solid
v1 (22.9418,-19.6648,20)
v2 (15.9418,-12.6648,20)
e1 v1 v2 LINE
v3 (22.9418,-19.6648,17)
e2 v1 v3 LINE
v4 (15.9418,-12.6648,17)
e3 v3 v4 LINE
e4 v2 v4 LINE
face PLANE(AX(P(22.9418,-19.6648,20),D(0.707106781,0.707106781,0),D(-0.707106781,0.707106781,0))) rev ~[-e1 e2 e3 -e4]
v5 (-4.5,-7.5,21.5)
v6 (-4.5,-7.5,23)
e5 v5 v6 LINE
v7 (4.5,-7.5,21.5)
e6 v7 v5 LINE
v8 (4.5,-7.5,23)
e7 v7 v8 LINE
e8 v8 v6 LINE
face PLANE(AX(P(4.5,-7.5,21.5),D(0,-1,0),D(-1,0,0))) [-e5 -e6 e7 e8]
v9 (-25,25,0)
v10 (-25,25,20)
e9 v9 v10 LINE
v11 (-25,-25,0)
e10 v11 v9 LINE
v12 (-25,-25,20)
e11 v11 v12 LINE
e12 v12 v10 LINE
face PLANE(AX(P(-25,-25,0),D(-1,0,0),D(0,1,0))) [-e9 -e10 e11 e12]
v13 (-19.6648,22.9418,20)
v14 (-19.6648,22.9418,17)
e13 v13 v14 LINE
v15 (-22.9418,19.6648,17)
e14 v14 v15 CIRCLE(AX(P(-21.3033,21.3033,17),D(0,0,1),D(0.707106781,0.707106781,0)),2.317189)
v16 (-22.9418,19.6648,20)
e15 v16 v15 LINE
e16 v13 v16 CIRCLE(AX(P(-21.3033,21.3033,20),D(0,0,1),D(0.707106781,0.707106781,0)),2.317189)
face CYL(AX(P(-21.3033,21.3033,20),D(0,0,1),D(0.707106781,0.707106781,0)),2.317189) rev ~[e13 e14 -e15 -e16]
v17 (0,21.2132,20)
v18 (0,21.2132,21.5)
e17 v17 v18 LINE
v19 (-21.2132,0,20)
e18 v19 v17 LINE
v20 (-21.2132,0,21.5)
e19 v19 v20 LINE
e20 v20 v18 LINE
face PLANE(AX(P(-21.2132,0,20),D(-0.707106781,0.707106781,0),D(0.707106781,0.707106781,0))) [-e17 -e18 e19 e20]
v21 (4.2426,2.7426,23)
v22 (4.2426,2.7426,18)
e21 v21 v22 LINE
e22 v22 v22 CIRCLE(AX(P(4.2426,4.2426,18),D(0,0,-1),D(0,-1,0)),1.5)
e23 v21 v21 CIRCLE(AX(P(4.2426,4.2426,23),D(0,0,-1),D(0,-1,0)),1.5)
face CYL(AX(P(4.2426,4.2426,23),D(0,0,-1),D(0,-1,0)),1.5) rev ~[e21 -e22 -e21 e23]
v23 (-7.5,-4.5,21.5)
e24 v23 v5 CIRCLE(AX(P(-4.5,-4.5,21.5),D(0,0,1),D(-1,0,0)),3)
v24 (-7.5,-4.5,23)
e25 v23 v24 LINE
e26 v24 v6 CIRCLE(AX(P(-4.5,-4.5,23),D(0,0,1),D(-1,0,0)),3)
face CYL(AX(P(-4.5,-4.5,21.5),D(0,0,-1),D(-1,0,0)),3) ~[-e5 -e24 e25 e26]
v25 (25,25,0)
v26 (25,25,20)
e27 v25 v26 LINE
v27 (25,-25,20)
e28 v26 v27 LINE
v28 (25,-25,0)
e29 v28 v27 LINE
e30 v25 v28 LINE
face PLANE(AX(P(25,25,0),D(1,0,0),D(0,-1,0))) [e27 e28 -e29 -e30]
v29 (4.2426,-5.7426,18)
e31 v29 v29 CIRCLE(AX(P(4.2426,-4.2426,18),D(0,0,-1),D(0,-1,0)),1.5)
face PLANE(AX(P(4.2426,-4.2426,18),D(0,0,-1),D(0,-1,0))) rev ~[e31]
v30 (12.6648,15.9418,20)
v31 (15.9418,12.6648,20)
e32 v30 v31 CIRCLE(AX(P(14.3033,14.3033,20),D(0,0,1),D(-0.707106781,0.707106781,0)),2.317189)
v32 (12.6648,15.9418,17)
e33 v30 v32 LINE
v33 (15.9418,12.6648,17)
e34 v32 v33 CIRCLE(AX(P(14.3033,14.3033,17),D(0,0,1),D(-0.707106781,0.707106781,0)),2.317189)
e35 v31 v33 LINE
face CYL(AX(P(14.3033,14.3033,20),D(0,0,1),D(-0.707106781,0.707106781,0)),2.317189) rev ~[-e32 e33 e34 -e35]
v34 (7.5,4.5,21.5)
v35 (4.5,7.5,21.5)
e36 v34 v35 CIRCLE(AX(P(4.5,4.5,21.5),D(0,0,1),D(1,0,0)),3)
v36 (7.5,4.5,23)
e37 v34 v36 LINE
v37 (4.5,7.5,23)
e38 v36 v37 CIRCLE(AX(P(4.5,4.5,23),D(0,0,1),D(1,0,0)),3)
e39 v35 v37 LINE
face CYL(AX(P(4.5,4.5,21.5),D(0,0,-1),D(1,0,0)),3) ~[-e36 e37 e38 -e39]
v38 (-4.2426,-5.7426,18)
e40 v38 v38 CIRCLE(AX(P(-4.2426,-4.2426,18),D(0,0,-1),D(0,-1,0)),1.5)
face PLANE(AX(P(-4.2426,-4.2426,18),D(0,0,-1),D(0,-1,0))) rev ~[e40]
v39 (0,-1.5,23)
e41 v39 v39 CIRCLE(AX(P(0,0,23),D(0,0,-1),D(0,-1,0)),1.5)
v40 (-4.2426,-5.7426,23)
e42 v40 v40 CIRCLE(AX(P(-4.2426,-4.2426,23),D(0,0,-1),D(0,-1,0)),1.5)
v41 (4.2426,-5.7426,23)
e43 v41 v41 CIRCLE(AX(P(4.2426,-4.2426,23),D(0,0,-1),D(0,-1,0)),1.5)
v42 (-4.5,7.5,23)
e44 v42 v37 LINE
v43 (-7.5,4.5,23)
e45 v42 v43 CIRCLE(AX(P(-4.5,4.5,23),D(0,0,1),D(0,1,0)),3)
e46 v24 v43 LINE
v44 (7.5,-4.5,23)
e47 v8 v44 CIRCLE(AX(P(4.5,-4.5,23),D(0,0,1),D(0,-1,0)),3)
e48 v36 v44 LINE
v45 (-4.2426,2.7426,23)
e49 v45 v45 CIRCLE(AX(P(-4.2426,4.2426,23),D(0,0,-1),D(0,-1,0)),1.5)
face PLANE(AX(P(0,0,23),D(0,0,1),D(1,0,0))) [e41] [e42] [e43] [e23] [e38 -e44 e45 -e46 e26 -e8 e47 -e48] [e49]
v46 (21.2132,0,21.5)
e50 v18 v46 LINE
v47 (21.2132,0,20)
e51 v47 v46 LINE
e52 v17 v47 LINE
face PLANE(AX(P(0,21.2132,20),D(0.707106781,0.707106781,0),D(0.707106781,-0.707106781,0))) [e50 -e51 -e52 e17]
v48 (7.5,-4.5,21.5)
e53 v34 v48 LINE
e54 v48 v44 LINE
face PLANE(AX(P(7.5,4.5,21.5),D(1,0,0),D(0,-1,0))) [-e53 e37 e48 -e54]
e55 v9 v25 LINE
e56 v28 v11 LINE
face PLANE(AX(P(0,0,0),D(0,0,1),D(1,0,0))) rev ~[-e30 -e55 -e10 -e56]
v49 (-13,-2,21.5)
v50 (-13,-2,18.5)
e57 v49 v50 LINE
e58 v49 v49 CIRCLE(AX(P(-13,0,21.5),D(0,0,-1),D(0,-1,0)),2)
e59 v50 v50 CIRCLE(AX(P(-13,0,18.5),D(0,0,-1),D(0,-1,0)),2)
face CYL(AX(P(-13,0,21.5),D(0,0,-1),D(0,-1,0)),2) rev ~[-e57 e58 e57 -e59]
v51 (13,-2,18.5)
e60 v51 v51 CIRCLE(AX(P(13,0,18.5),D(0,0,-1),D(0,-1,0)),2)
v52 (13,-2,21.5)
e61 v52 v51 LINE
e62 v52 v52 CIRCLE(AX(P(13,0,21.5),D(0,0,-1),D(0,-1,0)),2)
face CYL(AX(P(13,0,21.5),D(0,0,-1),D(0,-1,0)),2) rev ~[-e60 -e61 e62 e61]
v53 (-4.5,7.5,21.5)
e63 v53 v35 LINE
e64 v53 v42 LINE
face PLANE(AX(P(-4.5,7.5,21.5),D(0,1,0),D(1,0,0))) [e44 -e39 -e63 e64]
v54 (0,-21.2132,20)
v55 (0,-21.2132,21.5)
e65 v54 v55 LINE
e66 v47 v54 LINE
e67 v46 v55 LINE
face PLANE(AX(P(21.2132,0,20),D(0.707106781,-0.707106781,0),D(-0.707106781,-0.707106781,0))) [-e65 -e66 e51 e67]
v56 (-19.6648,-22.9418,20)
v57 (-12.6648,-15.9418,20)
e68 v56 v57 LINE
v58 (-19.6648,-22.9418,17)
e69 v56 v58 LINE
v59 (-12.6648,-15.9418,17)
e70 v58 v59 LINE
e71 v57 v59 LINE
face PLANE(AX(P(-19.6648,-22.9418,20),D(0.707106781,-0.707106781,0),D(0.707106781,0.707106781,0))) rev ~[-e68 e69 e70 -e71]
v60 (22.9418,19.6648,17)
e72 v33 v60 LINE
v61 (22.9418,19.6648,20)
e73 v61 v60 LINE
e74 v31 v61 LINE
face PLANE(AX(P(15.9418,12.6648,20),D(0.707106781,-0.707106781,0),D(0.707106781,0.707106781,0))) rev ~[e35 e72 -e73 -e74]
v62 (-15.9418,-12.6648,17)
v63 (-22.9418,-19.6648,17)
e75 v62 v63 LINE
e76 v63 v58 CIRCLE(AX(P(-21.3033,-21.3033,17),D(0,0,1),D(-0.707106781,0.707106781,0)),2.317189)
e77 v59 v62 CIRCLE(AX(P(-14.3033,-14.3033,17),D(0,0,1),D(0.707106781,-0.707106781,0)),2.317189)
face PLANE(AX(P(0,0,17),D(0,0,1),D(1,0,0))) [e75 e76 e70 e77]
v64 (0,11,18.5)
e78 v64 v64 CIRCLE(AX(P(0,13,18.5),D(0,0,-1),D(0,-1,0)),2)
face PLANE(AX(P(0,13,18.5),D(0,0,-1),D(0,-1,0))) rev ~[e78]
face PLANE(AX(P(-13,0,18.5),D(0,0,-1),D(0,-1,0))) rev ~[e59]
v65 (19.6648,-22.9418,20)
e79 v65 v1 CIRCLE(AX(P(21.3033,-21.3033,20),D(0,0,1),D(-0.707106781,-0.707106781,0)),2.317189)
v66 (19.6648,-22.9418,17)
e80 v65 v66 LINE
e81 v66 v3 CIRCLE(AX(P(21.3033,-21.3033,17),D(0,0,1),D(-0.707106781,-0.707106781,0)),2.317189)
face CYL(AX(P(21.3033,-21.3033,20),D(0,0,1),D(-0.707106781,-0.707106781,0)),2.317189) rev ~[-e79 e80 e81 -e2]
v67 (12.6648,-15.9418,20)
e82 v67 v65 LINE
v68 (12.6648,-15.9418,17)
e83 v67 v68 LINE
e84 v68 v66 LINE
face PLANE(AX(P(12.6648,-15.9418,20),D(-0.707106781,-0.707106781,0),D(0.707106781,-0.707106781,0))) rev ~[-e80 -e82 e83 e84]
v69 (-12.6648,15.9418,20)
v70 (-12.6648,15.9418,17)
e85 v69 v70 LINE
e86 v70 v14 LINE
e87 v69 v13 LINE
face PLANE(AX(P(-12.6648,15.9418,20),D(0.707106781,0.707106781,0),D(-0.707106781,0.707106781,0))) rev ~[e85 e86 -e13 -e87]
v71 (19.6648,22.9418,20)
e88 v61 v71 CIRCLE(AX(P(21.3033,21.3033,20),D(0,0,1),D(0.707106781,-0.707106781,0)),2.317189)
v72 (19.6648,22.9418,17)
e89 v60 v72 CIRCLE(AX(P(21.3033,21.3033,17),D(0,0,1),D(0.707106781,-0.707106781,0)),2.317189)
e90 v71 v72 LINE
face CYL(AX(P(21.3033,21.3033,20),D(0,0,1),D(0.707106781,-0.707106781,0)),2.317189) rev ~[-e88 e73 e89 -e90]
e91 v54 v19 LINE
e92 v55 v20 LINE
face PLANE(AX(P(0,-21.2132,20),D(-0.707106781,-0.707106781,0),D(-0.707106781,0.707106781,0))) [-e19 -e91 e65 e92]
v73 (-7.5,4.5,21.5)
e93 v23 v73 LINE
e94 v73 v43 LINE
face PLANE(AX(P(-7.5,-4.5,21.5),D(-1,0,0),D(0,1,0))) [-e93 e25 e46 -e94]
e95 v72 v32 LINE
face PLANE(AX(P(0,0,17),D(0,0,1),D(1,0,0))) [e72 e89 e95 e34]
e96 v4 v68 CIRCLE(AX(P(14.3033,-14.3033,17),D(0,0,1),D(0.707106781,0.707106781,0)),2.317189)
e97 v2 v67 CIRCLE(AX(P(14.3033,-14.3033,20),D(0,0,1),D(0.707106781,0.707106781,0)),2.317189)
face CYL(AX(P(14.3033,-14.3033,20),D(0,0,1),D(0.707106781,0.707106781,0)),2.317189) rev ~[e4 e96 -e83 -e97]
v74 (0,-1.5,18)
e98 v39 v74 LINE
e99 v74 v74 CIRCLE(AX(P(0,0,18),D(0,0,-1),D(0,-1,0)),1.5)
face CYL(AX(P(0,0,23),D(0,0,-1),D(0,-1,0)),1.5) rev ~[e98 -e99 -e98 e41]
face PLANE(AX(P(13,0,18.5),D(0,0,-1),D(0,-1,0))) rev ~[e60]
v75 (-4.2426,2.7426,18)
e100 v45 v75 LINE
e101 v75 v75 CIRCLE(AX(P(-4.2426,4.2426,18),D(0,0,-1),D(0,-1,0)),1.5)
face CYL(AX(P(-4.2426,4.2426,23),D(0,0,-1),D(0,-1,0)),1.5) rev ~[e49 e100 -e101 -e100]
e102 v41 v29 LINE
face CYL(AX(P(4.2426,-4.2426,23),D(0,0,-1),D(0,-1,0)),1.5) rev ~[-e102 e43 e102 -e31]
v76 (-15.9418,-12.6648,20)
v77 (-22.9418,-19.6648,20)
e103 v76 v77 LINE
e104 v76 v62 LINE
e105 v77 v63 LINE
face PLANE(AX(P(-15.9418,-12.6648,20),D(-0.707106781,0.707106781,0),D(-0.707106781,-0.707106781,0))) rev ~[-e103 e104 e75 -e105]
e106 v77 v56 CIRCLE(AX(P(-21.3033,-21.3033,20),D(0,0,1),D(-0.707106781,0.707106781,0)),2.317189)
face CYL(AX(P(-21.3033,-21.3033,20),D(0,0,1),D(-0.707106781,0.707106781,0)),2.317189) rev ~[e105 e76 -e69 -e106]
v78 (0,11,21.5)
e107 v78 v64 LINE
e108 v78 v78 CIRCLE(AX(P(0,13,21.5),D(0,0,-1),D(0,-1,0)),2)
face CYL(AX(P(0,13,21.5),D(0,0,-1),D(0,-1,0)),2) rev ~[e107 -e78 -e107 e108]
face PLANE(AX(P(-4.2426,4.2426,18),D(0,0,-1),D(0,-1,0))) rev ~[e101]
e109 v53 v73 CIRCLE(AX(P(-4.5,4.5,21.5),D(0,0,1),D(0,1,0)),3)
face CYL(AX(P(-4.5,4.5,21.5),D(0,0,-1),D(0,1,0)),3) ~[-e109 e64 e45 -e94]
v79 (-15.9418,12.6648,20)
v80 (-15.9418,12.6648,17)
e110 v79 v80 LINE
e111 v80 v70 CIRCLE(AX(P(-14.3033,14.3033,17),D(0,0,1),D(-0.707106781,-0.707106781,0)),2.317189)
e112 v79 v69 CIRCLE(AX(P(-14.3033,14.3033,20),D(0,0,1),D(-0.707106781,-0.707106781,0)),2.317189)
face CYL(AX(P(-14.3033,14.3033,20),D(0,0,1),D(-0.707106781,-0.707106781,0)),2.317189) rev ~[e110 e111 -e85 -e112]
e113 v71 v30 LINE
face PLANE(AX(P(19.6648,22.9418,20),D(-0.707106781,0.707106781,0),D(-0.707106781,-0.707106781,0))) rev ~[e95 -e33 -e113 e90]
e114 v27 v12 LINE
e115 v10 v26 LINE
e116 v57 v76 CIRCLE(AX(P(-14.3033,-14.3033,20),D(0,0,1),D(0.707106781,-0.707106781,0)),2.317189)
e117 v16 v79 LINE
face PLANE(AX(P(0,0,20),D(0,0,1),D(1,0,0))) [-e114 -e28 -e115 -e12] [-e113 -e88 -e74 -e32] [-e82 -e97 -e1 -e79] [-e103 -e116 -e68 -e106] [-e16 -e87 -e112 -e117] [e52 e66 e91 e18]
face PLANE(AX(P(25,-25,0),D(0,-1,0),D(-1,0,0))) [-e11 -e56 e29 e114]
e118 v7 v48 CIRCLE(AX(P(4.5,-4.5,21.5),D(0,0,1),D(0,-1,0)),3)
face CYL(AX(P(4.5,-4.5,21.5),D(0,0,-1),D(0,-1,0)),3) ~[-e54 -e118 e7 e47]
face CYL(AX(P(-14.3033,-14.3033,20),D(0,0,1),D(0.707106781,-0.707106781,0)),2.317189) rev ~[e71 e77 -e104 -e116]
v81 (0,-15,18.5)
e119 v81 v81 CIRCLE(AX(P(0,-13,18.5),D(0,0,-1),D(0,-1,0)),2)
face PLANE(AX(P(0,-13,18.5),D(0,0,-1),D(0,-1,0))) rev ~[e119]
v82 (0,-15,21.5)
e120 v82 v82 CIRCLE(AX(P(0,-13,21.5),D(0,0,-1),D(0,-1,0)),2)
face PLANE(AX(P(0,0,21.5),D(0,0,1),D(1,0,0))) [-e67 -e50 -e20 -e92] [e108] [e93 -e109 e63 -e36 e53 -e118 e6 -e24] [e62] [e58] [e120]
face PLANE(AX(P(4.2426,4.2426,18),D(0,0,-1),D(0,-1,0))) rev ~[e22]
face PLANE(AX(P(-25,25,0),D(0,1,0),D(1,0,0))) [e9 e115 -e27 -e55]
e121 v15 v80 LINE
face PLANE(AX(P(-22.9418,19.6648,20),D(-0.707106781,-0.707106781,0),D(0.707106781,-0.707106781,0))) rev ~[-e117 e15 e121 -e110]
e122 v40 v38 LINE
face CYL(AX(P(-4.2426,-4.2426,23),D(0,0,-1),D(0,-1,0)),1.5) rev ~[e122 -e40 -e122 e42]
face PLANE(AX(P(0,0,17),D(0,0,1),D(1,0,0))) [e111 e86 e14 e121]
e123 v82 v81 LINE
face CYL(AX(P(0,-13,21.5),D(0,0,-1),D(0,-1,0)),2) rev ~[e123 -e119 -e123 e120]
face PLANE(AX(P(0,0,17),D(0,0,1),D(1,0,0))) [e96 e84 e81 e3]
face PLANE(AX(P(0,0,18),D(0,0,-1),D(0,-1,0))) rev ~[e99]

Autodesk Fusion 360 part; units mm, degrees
sketch "Sketch1" plane through (0, 0, 0) normal (0, 0, 1) x (1, 0, 0)
  line L0 (-25, 25) -> (25, 25)
  line L1 (25, 25) -> (25, -25)
  line L2 (25, -25) -> (-25, -25)
  line L3 (-25, -25) -> (-25, 25)
  line L4 (-25, 25) -> (25, -25) construction
  line L5 (25, 25) -> (-25, -25) construction
  dimension "d1" = 50
  dimension "d2" = 50
extrude "Extrude1" add sketch "Sketch1" along normal blind 20
sketch "Sketch2" plane through (0, 0, 20) normal (0, 0, 1) x (1, 0, 0)
  line L0 (-25, -25) -> (25, -25)
  line L1 (25, -25) -> (25, 25)
  line L2 (25, 25) -> (-25, 25)
  line L3 (-25, 25) -> (-25, -25)
  line L4 (21.2132, 0) -> (0, -21.2132)
  line L5 (0, -21.2132) -> (-21.2132, 0)
  line L6 (-21.2132, 0) -> (0, 21.2132)
  line L7 (0, 21.2132) -> (21.2132, 0)
  line L8 (0, -25) -> (0, 25) construction
  line L9 (0, -21.2132) -> (0, 21.2132) construction
  line L10 (21.2132, 0) -> (-21.2132, 0) construction
  line L11 (25, 0) -> (-25, 0) construction
  dimension "d5" = 30
  dimension "d6" = 30
extrude "Extrude2" add sketch "Sketch2" along normal blind 1.5 contours L4 L5 L6 L7
sketch "Sketch3" plane through (0, 0, 21.5) normal (0, 0, 1) x (1, 0, 0)
  line L0 (0, 21.2132) -> (-21.2132, 0)
  line L1 (-21.2132, 0) -> (0, -21.2132)
  line L2 (0, -21.2132) -> (21.2132, 0)
  line L3 (21.2132, 0) -> (0, 21.2132)
  circle A0 centre (0, 0) radius 13 construction
  circle A1 centre (0, -13) radius 2.5
  circle A2 centre (-13, 0) radius 2.5
  circle A3 centre (0, 13) radius 2.5
  circle A4 centre (13, 0) radius 2.5
  dimension "d9" = 26
  dimension "d10" = 5
hole "Hole1" at (-13, 0, 21.5) at (0, -13, 21.5) at (0, 13, 21.5) at (13, 0, 21.5) direction (0, 0, -1) diameter 4 depth 3 tip angle 180
sketch "Sketch4" plane through (0, 0, 21.5) normal (0, 0, 1) x (1, 0, 0)
  circle A0 centre (0, 13) radius 2
  circle A1 centre (-13, 0) radius 2
  circle A2 centre (0, -13) radius 2
  circle A3 centre (13, 0) radius 2
  line L0 (0, 21.2132) -> (-21.2132, 0)
  line L1 (-21.2132, 0) -> (0, -21.2132)
  line L2 (0, -21.2132) -> (21.2132, 0)
  line L3 (21.2132, 0) -> (0, 21.2132)
  line L4 (4.5, -7.5) -> (-4.5, -7.5)
  line L5 (-7.5, -4.5) -> (-7.5, 4.5)
  line L6 (-4.5, 7.5) -> (4.5, 7.5)
  line L7 (7.5, 4.5) -> (7.5, -4.5)
  line L8 (7.5, -7.5) -> (-7.5, 7.5) construction
  line L9 (-7.5, -7.5) -> (7.5, 7.5) construction
  arc A4 (4.5, -7.5) -> (7.5, -4.5) centre (4.5, -4.5) ccw
  arc A5 (-7.5, -4.5) -> (-4.5, -7.5) centre (-4.5, -4.5) ccw
  arc A6 (7.5, 4.5) -> (4.5, 7.5) centre (4.5, 4.5) ccw
  arc A7 (-4.5, 7.5) -> (-7.5, 4.5) centre (-4.5, 4.5) ccw
  dimension "d14" = 15
  dimension "d15" = 15
  dimension "d16" = 3
  dimension "d17" = 3
  dimension "d18" = 3
  dimension "d19" = 3
extrude "Extrude3" add sketch "Sketch4" along normal blind 1.5 contours L4 L5 L6 L7 A4 A5 A6 A7
sketch "Sketch5" plane through (0, 0, 23) normal (0, 0, 1) x (1, 0, 0)
  arc A0 (7.5, 4.5) -> (4.5, 7.5) centre (4.5, 4.5) ccw
  line L0 (4.5, 7.5) -> (-4.5, 7.5)
  arc A1 (-4.5, 7.5) -> (-7.5, 4.5) centre (-4.5, 4.5) ccw
  line L1 (-7.5, 4.5) -> (-7.5, -4.5)
  arc A2 (-7.5, -4.5) -> (-4.5, -7.5) centre (-4.5, -4.5) ccw
  line L2 (-4.5, -7.5) -> (4.5, -7.5)
  arc A3 (4.5, -7.5) -> (7.5, -4.5) centre (4.5, -4.5) ccw
  line L3 (7.5, -4.5) -> (7.5, 4.5)
  circle A4 centre (0, 0) radius 6 construction
  line L4 (6.6213, -6.6213) -> (-6.6213, 6.6213) construction
  line L5 (-6.6213, -6.6213) -> (6.6213, 6.6213) construction
  circle A5 centre (0, 0) radius 1.5
  circle A6 centre (-4.2426, -4.2426) radius 1.5
  circle A7 centre (4.2426, -4.2426) radius 1.5
  circle A8 centre (4.2426, 4.2426) radius 1.5
  circle A9 centre (-4.2426, 4.2426) radius 1.5
  dimension "d22" = 12
  dimension "d23" = 3
hole "Hole2" at (-4.2426, -4.2426, 23) at (4.2426, -4.2426, 23) at (-4.2426, 4.2426, 23) at (4.2426, 4.2426, 23) at (0, 0, 23) direction (0, 0, -1) diameter 3 depth 5 tip angle 180
sketch "Sketch6" plane through (0, 0, 20) normal (0, 0, 1) x (1, 0, 0)
  line L0 (0, 21.2132) -> (21.2132, 0)
  line L1 (21.2132, 0) -> (0, -21.2132)
  line L2 (0, -21.2132) -> (-21.2132, 0)
  line L3 (-21.2132, 0) -> (0, 21.2132)
  line L4 (-25, -25) -> (25, -25)
  line L5 (25, -25) -> (25, 25)
  line L6 (25, 25) -> (-25, 25)
  line L7 (-25, 25) -> (-25, -25)
  line L8 (-25, -25) -> (-10.6066, -10.6066) construction
  line L9 (-19.6648, -22.9418) -> (-12.6648, -15.9418)
  arc A0 (-12.6648, -15.9418) -> (-15.9418, -12.6648) centre (-14.3033, -14.3033) ccw
  line L10 (-15.9418, -12.6648) -> (-22.9418, -19.6648)
  arc A1 (-22.9418, -19.6648) -> (-19.6648, -22.9418) centre (-21.3033, -21.3033) ccw
  line L11 (-21.3033, -21.3033) -> (-14.3033, -14.3033) construction
  line L12 (12.6648, -15.9418) -> (19.6648, -22.9418)
  arc A2 (19.6648, -22.9418) -> (22.9418, -19.6648) centre (21.3033, -21.3033) ccw
  line L13 (22.9418, -19.6648) -> (15.9418, -12.6648)
  arc A3 (15.9418, -12.6648) -> (12.6648, -15.9418) centre (14.3033, -14.3033) ccw
  line L14 (15.9418, 12.6648) -> (22.9418, 19.6648)
  arc A4 (22.9418, 19.6648) -> (19.6648, 22.9418) centre (21.3033, 21.3033) ccw
  line L15 (19.6648, 22.9418) -> (12.6648, 15.9418)
  arc A5 (12.6648, 15.9418) -> (15.9418, 12.6648) centre (14.3033, 14.3033) ccw
  line L16 (-12.6648, 15.9418) -> (-19.6648, 22.9418)
  arc A6 (-19.6648, 22.9418) -> (-22.9418, 19.6648) centre (-21.3033, 21.3033) ccw
  line L17 (-22.9418, 19.6648) -> (-15.9418, 12.6648)
  arc A7 (-15.9418, 12.6648) -> (-12.6648, 15.9418) centre (-14.3033, 14.3033) ccw
  dimension "d28" = 360
extrude "Extrude4" cut sketch "Sketch6" against normal blind 3 contours L9 A0 L10 A1 | L12 A2 L13 A3 | L14 A4 L15 A5 | L16 A6 L17 A7
